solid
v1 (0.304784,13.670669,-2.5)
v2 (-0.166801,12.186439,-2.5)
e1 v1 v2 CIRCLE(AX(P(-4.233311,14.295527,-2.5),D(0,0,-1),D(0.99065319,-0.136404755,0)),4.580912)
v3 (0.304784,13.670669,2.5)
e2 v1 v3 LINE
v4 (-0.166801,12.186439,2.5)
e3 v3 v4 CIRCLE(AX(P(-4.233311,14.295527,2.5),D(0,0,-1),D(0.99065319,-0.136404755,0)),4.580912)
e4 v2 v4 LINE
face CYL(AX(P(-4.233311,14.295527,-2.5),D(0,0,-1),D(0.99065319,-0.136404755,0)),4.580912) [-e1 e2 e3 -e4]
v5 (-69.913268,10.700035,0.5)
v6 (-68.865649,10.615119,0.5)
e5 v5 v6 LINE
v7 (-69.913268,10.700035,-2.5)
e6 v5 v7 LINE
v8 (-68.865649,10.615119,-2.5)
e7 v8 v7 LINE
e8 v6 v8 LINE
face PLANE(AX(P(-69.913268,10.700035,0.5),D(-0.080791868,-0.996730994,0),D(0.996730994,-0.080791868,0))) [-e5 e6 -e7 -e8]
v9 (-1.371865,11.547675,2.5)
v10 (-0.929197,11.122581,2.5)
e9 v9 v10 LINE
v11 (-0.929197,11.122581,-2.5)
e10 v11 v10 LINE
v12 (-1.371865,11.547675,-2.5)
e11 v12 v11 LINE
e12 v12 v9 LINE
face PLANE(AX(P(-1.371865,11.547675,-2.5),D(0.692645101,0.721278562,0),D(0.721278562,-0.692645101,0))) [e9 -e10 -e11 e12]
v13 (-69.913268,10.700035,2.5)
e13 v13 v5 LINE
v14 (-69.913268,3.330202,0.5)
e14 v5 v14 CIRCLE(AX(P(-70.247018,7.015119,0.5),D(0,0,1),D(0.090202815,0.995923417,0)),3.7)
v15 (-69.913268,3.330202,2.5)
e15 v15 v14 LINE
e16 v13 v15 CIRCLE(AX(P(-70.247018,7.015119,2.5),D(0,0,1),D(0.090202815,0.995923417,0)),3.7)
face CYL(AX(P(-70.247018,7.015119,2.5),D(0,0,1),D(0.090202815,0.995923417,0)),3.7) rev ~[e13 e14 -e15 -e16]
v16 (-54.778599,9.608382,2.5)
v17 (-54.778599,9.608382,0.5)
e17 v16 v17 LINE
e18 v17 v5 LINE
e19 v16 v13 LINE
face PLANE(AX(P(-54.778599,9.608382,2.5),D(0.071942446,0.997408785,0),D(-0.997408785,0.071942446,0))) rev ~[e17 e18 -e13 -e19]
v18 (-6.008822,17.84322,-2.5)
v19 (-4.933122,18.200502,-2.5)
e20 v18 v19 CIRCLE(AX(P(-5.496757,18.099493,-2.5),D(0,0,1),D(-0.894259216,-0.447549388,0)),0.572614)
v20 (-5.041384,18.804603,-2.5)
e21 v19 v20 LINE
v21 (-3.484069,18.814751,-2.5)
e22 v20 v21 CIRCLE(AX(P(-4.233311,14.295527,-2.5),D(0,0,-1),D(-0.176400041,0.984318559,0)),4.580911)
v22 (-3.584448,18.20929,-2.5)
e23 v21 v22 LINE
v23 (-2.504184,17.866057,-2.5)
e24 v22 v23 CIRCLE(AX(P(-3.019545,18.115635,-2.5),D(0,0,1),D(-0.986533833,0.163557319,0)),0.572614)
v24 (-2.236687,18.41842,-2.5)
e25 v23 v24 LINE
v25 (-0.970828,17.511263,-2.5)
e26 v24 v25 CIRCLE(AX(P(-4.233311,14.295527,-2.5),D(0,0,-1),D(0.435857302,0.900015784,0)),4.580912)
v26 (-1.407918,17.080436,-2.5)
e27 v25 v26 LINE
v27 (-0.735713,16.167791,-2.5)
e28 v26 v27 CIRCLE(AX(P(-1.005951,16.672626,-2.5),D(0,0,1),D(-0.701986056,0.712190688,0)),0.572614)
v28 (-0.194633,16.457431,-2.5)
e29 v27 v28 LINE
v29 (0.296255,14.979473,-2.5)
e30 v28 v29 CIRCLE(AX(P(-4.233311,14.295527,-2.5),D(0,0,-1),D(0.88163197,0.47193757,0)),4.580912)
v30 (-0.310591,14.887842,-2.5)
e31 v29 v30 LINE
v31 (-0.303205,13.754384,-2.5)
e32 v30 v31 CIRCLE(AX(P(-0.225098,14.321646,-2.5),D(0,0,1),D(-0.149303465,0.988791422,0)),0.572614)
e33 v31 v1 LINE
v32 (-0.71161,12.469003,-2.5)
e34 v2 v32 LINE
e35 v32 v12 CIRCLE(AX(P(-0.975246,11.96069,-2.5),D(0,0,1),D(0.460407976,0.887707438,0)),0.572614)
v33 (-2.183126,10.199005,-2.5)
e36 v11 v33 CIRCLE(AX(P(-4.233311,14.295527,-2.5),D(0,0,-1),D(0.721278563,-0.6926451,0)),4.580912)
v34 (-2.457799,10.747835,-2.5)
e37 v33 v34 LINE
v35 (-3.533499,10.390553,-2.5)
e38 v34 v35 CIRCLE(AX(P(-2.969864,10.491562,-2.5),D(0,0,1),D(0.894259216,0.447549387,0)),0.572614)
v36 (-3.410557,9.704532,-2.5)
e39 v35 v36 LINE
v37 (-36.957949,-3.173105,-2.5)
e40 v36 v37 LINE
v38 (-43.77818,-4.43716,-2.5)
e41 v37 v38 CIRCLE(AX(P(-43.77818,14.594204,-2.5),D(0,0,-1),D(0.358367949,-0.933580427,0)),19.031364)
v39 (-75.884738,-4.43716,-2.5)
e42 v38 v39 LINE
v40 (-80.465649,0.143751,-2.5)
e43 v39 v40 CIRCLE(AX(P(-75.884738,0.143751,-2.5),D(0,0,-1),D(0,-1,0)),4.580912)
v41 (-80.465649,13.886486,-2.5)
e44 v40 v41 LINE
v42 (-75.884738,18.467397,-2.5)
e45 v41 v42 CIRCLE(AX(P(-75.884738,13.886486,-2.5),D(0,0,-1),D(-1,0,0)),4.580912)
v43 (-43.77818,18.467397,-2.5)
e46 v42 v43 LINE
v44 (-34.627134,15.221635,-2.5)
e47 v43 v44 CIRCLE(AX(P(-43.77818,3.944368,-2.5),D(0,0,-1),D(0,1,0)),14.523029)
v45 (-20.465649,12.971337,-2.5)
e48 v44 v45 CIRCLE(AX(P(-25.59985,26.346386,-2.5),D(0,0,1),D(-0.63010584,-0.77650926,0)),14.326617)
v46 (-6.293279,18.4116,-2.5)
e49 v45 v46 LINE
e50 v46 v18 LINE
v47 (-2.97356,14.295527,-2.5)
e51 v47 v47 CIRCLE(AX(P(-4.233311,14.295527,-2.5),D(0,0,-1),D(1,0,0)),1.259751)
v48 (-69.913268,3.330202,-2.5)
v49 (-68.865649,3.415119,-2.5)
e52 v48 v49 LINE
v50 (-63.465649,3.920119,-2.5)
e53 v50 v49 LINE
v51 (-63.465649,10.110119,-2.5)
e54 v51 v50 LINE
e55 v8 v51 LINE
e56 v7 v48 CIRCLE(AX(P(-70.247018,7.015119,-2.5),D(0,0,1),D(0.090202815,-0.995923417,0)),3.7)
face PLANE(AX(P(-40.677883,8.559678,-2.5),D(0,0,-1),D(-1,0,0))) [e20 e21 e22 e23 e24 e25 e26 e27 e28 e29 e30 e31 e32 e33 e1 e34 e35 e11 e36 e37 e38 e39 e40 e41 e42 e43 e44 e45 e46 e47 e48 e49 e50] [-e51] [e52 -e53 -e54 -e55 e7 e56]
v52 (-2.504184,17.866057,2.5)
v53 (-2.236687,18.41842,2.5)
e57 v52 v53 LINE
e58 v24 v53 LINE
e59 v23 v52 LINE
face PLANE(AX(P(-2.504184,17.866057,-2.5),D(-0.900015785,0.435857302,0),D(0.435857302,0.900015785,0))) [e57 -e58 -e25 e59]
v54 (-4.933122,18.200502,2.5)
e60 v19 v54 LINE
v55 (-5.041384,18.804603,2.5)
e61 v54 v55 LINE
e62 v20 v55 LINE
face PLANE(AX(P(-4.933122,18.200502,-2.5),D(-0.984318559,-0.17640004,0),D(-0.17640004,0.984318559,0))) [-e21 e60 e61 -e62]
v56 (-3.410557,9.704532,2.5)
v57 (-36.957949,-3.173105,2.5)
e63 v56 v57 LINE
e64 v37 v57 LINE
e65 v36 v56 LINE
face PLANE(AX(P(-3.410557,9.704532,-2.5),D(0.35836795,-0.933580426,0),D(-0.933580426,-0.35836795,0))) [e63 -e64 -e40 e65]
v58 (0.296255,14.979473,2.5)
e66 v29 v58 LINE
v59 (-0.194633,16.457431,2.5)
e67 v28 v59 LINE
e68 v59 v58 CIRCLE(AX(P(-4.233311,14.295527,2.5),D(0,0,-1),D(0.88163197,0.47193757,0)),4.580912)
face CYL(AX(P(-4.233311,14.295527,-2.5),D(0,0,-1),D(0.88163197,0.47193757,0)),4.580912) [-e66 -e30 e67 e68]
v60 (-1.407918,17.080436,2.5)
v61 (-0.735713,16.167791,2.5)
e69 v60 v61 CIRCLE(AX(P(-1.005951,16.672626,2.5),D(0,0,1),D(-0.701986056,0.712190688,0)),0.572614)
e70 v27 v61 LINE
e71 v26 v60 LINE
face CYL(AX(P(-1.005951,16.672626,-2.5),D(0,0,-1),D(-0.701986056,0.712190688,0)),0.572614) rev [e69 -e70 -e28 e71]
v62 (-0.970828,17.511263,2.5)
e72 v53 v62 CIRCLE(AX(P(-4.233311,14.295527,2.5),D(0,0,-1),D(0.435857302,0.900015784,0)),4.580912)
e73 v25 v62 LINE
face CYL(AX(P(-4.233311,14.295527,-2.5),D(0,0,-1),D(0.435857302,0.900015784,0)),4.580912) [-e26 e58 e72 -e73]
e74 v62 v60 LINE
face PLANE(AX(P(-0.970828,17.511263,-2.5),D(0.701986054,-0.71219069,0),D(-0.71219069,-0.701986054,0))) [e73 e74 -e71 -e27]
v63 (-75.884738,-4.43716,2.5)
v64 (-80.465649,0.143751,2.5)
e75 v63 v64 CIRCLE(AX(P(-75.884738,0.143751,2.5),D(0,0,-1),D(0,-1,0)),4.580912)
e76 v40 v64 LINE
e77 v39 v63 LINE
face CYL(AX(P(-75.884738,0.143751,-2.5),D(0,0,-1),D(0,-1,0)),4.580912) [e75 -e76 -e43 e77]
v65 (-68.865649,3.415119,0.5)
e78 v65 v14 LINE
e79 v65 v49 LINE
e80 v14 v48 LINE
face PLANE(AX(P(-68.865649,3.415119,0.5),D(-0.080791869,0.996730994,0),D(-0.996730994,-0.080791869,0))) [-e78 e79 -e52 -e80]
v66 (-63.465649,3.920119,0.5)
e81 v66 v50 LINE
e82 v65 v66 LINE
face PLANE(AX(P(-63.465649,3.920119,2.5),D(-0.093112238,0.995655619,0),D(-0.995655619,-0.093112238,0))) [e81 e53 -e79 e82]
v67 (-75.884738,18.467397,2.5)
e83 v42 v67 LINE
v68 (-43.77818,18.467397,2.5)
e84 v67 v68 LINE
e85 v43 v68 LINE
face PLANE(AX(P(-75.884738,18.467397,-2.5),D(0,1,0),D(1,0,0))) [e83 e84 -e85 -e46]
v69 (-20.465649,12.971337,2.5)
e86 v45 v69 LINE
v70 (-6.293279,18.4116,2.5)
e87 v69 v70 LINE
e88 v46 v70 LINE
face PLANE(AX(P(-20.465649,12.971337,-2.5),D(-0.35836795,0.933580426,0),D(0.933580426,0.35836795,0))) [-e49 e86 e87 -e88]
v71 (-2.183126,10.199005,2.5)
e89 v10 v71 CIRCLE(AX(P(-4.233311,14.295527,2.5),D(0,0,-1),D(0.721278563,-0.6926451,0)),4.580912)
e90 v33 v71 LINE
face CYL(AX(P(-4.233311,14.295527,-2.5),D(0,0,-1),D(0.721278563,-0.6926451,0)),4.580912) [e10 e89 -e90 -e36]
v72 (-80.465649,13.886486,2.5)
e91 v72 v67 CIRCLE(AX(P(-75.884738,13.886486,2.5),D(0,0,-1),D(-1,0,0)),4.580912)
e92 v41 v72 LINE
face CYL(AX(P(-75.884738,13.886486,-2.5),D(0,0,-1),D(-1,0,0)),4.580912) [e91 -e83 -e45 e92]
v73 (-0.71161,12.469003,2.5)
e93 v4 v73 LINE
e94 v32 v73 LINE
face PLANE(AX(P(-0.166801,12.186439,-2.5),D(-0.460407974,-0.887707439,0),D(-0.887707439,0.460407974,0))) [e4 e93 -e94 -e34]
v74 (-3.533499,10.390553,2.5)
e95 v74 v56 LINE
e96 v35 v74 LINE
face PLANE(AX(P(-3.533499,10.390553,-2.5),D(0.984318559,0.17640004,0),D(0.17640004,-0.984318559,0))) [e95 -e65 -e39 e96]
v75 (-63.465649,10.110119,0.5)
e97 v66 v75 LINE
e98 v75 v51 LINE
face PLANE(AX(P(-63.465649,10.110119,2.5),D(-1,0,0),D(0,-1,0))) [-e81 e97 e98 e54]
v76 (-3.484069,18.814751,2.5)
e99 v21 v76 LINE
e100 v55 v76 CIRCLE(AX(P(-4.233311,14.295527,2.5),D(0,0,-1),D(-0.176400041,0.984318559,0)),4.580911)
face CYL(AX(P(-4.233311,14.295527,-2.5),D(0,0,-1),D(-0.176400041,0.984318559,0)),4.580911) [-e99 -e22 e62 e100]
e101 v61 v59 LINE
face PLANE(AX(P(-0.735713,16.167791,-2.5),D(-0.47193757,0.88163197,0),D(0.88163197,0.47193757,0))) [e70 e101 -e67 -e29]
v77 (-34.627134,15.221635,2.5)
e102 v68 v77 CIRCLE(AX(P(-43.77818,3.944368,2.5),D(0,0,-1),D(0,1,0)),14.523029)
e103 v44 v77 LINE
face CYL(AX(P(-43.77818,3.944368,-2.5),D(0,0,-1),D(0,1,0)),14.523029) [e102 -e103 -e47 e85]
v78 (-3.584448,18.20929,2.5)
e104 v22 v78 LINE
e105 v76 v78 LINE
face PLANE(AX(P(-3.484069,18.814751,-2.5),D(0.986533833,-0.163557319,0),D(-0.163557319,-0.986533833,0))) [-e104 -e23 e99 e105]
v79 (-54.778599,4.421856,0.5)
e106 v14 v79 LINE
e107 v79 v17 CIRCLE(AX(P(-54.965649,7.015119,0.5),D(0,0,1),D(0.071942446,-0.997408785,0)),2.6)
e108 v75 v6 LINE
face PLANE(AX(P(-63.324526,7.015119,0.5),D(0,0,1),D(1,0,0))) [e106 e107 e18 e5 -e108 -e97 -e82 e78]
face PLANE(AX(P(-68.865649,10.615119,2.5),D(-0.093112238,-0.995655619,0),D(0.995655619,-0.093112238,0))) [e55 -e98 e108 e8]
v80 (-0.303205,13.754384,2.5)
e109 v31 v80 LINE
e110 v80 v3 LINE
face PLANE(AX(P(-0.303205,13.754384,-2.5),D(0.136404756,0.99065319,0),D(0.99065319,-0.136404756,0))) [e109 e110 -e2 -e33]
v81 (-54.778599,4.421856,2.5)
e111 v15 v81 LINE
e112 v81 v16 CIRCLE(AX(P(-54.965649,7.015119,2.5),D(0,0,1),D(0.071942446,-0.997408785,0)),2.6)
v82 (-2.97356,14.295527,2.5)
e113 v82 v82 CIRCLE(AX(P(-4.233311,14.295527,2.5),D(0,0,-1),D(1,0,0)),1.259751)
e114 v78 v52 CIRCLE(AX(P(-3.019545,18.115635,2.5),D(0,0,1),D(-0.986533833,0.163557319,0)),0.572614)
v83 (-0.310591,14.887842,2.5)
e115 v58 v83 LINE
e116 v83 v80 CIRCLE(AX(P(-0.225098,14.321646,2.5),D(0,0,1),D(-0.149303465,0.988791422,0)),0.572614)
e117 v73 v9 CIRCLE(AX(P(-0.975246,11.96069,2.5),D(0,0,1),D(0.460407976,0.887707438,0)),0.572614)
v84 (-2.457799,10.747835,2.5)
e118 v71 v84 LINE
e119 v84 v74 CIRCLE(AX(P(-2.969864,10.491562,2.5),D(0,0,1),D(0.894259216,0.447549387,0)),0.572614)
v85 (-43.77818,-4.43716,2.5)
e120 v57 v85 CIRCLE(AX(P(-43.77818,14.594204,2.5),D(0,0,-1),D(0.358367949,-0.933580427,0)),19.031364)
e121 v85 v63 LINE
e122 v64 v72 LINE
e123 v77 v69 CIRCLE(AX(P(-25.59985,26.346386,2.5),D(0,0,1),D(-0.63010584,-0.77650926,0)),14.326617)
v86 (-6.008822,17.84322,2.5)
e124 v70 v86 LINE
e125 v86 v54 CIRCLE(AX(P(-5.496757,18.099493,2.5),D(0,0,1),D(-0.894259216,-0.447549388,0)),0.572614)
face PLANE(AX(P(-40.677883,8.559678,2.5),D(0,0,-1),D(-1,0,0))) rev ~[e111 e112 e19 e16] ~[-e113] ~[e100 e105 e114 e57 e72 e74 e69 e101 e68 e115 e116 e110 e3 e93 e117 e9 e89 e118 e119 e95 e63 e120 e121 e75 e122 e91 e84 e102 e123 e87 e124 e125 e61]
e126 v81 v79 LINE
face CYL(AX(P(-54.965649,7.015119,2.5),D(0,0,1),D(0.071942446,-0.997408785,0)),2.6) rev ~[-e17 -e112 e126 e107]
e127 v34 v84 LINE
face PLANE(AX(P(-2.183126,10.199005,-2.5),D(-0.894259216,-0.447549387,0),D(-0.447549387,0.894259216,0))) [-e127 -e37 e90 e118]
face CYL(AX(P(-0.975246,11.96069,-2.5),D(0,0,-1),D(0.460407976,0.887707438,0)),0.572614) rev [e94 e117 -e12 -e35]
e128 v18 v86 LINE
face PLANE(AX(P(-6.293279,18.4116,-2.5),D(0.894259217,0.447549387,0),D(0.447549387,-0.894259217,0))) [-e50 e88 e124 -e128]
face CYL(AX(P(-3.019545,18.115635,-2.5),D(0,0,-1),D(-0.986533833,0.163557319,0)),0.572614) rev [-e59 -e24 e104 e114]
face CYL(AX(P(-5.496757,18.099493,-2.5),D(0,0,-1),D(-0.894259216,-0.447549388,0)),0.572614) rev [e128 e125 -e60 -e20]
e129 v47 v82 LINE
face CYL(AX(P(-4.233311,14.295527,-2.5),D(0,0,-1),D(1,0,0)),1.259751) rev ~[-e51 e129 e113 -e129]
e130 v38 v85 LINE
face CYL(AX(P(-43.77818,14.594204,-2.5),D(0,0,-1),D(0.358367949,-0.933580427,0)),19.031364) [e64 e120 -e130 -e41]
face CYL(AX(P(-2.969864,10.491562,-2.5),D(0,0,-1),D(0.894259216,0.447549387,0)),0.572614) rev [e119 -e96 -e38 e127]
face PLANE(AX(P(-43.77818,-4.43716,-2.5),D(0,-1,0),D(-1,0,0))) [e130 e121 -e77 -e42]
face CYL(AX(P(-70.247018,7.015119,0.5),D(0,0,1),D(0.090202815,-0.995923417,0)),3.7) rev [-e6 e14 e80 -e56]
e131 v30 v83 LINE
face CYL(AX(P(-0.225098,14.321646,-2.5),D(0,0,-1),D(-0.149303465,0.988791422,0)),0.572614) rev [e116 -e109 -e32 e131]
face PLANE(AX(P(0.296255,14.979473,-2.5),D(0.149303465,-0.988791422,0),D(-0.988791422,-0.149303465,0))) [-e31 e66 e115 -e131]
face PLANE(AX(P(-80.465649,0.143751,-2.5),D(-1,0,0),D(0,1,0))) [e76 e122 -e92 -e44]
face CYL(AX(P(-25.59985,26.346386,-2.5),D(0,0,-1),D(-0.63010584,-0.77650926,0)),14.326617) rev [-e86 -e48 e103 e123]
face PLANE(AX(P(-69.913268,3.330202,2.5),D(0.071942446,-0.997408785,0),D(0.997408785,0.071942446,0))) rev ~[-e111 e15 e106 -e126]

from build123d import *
from build123d.topology import SkipClean

# Parameters (mm, degrees)
CROQUIS1_R              = 1.717841821
CROQUIS1_R_2            = 1.259750669
CROQUIS1_W              = 27.485469141
CROQUIS1_H              = 14.887962451
SALIENTE_EXTRUIR1_DEPTH = 5
SALIENTE_EXTRUIR2_START = -5
SALIENTE_EXTRUIR2_DEPTH = 5
CORTAR_EXTRUIR1_DEPTH   = 5
CORTAR_EXTRUIR2_DEPTH   = 2
CUT_EXTRUDE2_DEPTH      = 83.704538261


with BuildPart() as part:
    # Croquis1 → Saliente-Extruir1 (new body)
    with BuildSketch(Plane(origin=(0, 0, -2.5), x_dir=(-1, 0, 0), z_dir=(0, 0, -1))):
        with BuildLine():
            Line((2.183126414, 10.199004786), (2.457799007, 10.747834714))
            ThreePointArc((2.457799007, 10.747834714), (3.150356623, 11.03498533), (3.533498829, 10.390552574))
            Line((3.533498829, 10.390552574), (3.410556906, 9.704532228))
            Line((3.410556906, 9.704532228), (36.957948904, -3.17310503))
            ThreePointArc((36.957948904, -3.17310503), (40.309989238, -4.118478177), (43.778179918, -4.437160132))
            Line((43.778179918, -4.437160132), (75.884737747, -4.437160132))
            ThreePointArc((75.884737747, -4.437160132), (79.123931349, -3.095442211), (80.46564927, 0.143751392))
            Line((80.46564927, 0.143751392), (80.46564927, 13.886485962))
            ThreePointArc((80.46564927, 13.886485962), (79.123931349, 17.125679564), (75.884737747, 18.467397485))
            Line((75.884737747, 18.467397485), (43.778179918, 18.467397485))
            ThreePointArc((43.778179918, 18.467397485), (38.923372817, 17.631925595), (34.62713443, 15.221634951))
            ThreePointArc((34.62713443, 15.221634951), (27.84817952, 12.197288027), (20.46564927, 12.971336544))
            Line((20.46564927, 12.971336544), (6.293279019, 18.411599775))
            Line((6.293279019, 18.411599775), (6.008822105, 17.843219559))
            ThreePointArc((6.008822105, 17.843219559), (5.316264489, 17.556068943), (4.933122282, 18.200501699))
            Line((4.933122282, 18.200501699), (5.041383533, 18.804603367))
            ThreePointArc((5.041383533, 18.804603367), (4.263160644, 18.876341405), (3.484068945, 18.814751339))
            Line((3.484068945, 18.814751339), (3.584448287, 18.209290101))
            ThreePointArc((3.584448287, 18.209290101), (3.192940304, 17.56990522), (2.504183677, 17.866056933))
            Line((2.504183677, 17.866056933), (2.236686818, 18.418419815))
            ThreePointArc((2.236686818, 18.418419815), (1.564924714, 18.019029169), (0.970828021, 17.511263148))
            Line((0.970828021, 17.511263148), (1.407917802, 17.080436215))
            ThreePointArc((1.407917802, 17.080436215), (1.467002194, 16.333040361), (0.735712768, 16.167791142))
            Line((0.735712768, 16.167791142), (0.194632507, 16.457431391))
            ThreePointArc((0.194632507, 16.457431391), (-0.114078519, 15.739465714), (-0.296255461, 14.9794731))
            Line((-0.296255461, 14.9794731), (0.310591317, 14.887841716))
            ThreePointArc((0.310591317, 14.887841716), (0.797699855, 14.317914702), (0.303205335, 13.754384137))
            Line((0.303205335, 13.754384137), (-0.304784058, 13.670669023))
            ThreePointArc((-0.304784058, 13.670669023), (-0.132526888, 12.9083668), (0.16680132, 12.18643894))
            Line((0.16680132, 12.18643894), (0.711610253, 12.469003179))
            ThreePointArc((0.711610253, 12.469003179), (1.440684032, 12.294237755), (1.371864517, 11.547675365))
            Line((1.371864517, 11.547675365), (0.929197275, 11.122581216))
            ThreePointArc((0.929197275, 11.122581216), (1.516626257, 10.607115987), (2.183126414, 10.199004786))
        make_face()
        with Locations(Location((46.05155145, 7.015118677, 0), (0, 0, 180))):
            Circle(CROQUIS1_R, mode=Mode.SUBTRACT)
        with Locations(Location((77.659840962, 7.015118677, 0), (0, 0, 180))):
            Circle(CROQUIS1_R, mode=Mode.SUBTRACT)
        with Locations(Location((4.233310556, 14.295527136, 0), (0, 0, 180))):
            Circle(CROQUIS1_R_2, mode=Mode.SUBTRACT)
        with Locations((61.855696206, 7.015118677)):
            Rectangle(CROQUIS1_W, CROQUIS1_H, mode=Mode.SUBTRACT)
    extrude(amount=-SALIENTE_EXTRUIR1_DEPTH)

    # Croquis2 → Saliente-Extruir2 (add)
    with BuildSketch(Plane.XY.offset(2.5).offset(SALIENTE_EXTRUIR2_START)):
        with BuildLine():
            Line((-43.778179918, -4.437160132), (-75.884737747, -4.437160132))
            ThreePointArc((-75.884737747, -4.437160132), (-79.123931349, -3.095442211), (-80.46564927, 0.143751392))
            Line((-80.46564927, 0.143751392), (-80.46564927, 13.886485962))
            ThreePointArc((-80.46564927, 13.886485962), (-79.123931349, 17.125679564), (-75.884737747, 18.467397485))
            Line((-75.884737747, 18.467397485), (-43.778179918, 18.467397485))
            Line((-43.778179918, 18.467397485), (-43.778179918, -4.437160132))
        make_face()
    extrude(amount=SALIENTE_EXTRUIR2_DEPTH)

    # Croquis3 → Cortar-Extruir1 (cut)
    with BuildSketch(Plane.XY.offset(2.5)):
        with BuildLine():
            Line((-68.86564927, 10.615118677), (-63.46564927, 10.110118677))
            Line((-63.46564927, 10.110118677), (-63.46564927, 3.920118677))
            Line((-63.46564927, 3.920118677), (-68.86564927, 3.415118677))
            ThreePointArc((-68.86564927, 3.415118677), (-72.46564927, 7.015118677), (-68.86564927, 10.615118677))
        make_face()
    extrude(amount=-CORTAR_EXTRUIR1_DEPTH, mode=Mode.SUBTRACT)

    # Croquis4 → Cortar-Extruir2 (cut)
    with BuildSketch(Plane.XY.offset(2.5)):
        with BuildLine():
            Line((-54.77859891, 9.608381518), (-69.913267682, 10.700035319))
            ThreePointArc((-69.913267682, 10.700035319), (-73.947018097, 7.015118677), (-69.913267682, 3.330202034))
            Line((-69.913267682, 3.330202034), (-54.77859891, 4.421855836))
            ThreePointArc((-54.77859891, 4.421855836), (-52.36564927, 7.015118677), (-54.77859891, 9.608381518))
        make_face()
    extrude(amount=-CORTAR_EXTRUIR2_DEPTH, mode=Mode.SUBTRACT)

    # Sketch2 → Cut-Extrude2 (cut, through all)
    with SkipClean():  # the faces are left unmerged after this step: merging them gives an invalid solid
        with BuildSketch(Plane.XY.offset(0.5)):
            with BuildLine():
                Line((-69.913267682, 10.700035319), (-68.86564927, 10.615118677))
                ThreePointArc((-68.86564927, 10.615118677), (-72.46564927, 7.015118677), (-68.86564927, 3.415118677))
                Line((-68.86564927, 3.415118677), (-69.913267682, 3.330202034))
                ThreePointArc((-69.913267682, 3.330202034), (-73.947018097, 7.015118677), (-69.913267682, 10.700035319))
            make_face()
        extrude(amount=-CUT_EXTRUDE2_DEPTH, mode=Mode.SUBTRACT)


solid = part.part
